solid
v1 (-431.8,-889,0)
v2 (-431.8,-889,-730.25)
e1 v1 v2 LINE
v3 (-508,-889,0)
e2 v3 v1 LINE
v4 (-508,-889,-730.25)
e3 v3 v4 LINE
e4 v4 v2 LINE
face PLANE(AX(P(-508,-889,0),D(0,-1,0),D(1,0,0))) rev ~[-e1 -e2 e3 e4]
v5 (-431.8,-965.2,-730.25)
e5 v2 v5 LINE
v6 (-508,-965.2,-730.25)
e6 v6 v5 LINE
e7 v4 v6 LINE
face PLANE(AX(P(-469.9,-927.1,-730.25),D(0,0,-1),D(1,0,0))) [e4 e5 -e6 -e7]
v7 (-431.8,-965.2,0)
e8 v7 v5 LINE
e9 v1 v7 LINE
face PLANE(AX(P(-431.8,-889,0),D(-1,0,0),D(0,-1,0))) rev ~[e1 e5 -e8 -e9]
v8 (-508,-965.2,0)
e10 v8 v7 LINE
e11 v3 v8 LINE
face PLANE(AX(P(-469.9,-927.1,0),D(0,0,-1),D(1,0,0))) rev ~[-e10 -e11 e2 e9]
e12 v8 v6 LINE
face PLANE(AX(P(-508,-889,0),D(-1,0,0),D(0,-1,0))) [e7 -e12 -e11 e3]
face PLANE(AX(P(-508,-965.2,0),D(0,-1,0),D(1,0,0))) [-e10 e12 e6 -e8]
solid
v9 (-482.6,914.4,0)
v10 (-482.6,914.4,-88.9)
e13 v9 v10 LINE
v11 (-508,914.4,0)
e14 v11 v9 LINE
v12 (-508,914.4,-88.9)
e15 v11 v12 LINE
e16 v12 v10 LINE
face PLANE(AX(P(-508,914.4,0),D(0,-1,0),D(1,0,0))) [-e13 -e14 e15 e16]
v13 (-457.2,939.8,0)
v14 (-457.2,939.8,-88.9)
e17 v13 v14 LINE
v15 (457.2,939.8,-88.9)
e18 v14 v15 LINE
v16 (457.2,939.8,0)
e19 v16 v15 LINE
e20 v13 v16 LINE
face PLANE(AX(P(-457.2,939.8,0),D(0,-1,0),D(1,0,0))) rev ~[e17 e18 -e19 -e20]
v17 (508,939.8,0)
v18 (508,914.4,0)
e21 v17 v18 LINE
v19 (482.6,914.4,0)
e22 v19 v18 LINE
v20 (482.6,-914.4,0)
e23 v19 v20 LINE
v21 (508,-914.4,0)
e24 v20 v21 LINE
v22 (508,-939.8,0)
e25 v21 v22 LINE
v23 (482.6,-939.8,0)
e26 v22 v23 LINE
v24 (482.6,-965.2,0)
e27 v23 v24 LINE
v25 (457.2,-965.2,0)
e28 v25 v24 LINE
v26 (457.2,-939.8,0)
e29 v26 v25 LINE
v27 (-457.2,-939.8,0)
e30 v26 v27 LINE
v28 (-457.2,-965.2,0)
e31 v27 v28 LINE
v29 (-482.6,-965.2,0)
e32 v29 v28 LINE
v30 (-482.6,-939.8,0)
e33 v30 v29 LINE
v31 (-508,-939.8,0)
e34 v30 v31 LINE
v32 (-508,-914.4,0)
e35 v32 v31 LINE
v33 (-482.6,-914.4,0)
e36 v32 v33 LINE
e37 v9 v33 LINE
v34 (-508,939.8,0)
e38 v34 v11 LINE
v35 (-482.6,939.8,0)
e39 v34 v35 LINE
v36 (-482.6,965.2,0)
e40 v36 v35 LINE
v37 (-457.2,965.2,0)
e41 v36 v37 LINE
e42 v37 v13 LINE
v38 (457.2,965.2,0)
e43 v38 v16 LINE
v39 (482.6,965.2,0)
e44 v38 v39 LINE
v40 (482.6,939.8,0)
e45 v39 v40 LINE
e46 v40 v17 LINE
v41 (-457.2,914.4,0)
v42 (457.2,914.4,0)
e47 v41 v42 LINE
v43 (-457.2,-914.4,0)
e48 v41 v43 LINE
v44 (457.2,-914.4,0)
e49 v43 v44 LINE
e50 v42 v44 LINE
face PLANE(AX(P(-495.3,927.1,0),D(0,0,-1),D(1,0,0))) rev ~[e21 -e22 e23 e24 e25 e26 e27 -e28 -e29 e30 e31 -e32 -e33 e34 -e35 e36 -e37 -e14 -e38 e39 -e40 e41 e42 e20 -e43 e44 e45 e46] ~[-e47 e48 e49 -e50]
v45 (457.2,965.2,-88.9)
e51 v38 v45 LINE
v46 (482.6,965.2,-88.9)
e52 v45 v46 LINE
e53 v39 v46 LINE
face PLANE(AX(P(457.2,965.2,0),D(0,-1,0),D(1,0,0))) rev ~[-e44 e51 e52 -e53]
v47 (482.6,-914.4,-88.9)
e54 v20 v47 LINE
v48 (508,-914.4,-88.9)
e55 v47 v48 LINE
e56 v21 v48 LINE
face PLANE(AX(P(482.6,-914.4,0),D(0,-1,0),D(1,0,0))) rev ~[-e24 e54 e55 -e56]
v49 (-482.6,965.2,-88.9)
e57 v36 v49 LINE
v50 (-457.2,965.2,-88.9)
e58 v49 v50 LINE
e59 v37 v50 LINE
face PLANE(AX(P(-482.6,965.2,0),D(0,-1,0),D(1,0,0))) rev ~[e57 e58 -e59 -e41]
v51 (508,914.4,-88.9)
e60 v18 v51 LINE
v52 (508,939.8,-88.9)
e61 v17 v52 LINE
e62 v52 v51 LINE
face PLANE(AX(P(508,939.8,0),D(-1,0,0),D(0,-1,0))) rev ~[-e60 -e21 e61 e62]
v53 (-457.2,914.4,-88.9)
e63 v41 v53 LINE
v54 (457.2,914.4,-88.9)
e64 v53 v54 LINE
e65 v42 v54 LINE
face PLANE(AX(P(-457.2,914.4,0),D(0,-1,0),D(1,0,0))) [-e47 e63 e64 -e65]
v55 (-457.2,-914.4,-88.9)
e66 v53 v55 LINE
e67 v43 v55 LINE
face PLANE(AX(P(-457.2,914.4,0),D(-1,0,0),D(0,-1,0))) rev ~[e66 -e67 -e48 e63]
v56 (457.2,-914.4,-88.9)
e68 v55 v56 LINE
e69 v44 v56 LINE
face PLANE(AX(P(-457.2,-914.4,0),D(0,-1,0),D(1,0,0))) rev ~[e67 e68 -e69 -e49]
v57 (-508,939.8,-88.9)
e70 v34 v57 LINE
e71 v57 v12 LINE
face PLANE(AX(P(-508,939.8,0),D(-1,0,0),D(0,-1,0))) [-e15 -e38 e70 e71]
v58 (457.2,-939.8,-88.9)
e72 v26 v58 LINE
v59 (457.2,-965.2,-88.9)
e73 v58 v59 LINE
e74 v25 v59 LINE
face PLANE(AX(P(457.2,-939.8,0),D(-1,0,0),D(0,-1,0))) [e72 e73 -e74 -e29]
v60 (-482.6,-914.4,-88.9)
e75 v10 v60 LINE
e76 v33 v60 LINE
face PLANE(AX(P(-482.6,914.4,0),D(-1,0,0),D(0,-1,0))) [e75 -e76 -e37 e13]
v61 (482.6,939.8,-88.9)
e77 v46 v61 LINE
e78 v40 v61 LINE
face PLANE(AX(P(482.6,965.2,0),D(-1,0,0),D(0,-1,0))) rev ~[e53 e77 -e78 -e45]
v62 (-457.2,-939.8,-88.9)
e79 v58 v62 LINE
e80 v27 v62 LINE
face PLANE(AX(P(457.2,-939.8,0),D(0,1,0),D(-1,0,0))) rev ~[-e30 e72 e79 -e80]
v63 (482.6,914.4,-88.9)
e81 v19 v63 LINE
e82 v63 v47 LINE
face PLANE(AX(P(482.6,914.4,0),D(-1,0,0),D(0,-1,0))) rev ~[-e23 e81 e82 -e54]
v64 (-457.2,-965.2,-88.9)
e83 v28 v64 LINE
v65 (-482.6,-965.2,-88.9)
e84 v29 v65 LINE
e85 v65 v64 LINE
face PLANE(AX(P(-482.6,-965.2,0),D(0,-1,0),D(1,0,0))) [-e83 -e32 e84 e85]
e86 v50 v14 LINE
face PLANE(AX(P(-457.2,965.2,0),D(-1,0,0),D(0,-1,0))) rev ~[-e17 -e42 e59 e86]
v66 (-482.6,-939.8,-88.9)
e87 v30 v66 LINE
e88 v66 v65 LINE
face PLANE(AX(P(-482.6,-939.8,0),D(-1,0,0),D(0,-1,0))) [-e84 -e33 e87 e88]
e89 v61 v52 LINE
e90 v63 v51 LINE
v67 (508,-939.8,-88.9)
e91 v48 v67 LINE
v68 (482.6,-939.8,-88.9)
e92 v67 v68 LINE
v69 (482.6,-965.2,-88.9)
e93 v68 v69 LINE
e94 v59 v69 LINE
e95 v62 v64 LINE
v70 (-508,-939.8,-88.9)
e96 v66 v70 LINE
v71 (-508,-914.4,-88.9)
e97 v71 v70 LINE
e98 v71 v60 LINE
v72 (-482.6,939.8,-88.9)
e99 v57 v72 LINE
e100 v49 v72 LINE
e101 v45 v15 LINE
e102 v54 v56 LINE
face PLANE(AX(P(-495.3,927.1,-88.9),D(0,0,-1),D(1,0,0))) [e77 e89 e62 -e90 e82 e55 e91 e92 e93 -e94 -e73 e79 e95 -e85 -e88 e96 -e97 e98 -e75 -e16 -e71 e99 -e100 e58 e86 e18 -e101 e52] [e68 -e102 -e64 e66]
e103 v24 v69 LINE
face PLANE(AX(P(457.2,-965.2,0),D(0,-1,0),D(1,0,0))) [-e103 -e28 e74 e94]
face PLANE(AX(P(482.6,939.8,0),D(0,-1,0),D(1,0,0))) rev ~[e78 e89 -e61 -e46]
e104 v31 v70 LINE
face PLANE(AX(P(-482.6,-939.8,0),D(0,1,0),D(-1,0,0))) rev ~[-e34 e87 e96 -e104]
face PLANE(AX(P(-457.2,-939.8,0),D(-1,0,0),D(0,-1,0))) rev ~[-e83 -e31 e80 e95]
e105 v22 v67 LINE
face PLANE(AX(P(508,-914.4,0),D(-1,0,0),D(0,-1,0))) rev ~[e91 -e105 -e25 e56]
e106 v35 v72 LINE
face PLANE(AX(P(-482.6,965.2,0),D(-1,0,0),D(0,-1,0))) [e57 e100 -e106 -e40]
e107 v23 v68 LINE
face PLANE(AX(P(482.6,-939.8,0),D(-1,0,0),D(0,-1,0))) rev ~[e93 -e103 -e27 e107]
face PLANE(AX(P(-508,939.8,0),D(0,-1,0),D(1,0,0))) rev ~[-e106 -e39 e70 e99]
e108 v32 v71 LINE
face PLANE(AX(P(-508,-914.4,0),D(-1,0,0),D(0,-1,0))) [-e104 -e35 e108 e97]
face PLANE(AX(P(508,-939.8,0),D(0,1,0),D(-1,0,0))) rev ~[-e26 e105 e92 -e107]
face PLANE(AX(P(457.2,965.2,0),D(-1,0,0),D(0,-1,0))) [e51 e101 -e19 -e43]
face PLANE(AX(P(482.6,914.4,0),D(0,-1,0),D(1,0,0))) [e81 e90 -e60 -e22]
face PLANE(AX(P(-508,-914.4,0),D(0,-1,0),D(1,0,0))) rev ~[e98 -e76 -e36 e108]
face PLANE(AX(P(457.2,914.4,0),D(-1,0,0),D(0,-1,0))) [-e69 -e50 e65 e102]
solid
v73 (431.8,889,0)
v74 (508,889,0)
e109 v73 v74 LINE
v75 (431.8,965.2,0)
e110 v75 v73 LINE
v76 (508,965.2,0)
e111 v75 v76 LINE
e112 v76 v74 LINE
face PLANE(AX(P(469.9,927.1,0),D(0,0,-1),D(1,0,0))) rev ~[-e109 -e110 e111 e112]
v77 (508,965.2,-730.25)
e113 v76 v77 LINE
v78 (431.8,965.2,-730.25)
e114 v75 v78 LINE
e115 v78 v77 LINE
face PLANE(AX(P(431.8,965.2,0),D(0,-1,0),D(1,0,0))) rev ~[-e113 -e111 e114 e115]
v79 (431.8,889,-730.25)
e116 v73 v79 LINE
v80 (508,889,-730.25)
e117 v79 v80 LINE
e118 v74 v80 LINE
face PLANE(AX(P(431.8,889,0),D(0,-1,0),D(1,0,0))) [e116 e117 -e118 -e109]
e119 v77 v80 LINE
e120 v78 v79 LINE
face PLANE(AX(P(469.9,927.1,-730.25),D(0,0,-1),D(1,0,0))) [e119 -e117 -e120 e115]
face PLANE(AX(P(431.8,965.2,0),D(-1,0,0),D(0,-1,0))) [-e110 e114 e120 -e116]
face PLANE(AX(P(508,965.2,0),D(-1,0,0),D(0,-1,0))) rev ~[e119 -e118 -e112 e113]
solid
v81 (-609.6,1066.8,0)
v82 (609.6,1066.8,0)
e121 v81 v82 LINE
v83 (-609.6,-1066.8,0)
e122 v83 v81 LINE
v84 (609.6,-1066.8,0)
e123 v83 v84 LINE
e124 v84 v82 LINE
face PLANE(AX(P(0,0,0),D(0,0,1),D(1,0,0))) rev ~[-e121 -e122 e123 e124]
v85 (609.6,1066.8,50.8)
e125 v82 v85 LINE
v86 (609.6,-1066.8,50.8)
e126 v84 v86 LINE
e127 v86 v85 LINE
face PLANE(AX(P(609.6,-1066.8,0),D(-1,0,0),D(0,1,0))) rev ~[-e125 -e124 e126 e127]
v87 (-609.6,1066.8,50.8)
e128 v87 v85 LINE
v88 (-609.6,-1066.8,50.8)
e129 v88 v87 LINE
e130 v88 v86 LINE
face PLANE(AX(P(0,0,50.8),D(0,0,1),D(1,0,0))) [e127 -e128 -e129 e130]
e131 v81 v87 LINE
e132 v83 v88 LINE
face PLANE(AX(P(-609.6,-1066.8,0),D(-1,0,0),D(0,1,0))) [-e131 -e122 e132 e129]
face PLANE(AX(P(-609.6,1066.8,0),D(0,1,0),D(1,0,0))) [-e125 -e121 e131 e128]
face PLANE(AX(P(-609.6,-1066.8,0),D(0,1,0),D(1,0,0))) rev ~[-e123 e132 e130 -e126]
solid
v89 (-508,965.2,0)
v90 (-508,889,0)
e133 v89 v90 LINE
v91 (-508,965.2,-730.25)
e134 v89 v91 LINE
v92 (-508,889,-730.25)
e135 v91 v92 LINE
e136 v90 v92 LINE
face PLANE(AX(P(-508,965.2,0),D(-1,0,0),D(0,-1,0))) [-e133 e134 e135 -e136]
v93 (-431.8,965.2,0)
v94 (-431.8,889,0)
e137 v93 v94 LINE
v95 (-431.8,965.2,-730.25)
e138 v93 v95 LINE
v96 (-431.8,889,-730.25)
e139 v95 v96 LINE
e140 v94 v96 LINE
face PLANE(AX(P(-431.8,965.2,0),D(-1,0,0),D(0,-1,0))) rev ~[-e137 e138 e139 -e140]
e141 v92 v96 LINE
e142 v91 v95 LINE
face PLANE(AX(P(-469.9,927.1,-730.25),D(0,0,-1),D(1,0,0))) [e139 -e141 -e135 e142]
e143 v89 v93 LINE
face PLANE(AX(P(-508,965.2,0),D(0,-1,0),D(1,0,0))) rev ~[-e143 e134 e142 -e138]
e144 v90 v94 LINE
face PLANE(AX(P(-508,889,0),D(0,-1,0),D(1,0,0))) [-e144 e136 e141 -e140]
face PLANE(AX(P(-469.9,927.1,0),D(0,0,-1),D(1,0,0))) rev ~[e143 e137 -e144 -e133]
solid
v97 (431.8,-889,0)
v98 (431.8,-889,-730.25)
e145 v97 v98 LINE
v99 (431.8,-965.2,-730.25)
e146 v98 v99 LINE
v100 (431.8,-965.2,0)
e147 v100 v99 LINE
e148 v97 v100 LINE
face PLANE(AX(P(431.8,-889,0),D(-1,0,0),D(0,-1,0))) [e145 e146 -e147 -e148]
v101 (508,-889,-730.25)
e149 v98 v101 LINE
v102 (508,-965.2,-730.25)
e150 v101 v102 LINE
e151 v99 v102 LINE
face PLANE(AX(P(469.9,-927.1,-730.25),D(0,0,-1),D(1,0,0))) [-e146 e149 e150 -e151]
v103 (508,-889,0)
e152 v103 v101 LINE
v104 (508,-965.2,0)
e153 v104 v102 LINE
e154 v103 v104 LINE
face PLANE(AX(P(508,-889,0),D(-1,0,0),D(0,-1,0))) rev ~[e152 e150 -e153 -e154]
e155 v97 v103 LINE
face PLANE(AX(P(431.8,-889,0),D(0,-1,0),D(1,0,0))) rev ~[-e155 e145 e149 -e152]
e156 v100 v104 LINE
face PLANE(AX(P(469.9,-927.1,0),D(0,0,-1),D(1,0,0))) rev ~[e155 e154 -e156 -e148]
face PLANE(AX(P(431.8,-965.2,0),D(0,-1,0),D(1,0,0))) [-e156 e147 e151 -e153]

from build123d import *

# Parameters (mm, degrees)
F0_W     = 1219.2
F0_H     = 2133.6
F1_DEPTH = 50.8
F2_W     = 76.2
F2_H     = 76.2
F3_DEPTH = 730.25
F4_W     = 25.4
F4_H     = 25.4
F4_H_2   = 1828.8
F4_W_2   = 914.4
F5_DEPTH = 88.9


with BuildPart() as f1:
    # F0 (on Top) → F1 (new body)
    with BuildSketch(Plane.XY):
        Rectangle(F0_W, F0_H)
    extrude(amount=F1_DEPTH)


with BuildPart() as f3:
    # F2 (on face) → F3 (new body)
    with BuildSketch(Plane(origin=(0, 0, 0), x_dir=(1, 0, 0), z_dir=(0, 0, -1))):
        with Locations((-469.9, -927.1)):
            Rectangle(F2_W, F2_H)
    extrude(amount=F3_DEPTH)


with BuildPart() as f3b:
    # F2 (on face) → F3, piece 2 (new body)
    with BuildSketch(Plane(origin=(0, 0, 0), x_dir=(1, 0, 0), z_dir=(0, 0, -1))):
        with Locations((469.9, -927.1)):
            Rectangle(F2_W, F2_H)
    extrude(amount=F3_DEPTH)


with BuildPart() as f3c:
    # F2 (on face) → F3, piece 3 (new body)
    with BuildSketch(Plane(origin=(0, 0, 0), x_dir=(1, 0, 0), z_dir=(0, 0, -1))):
        with Locations((-469.9, 927.1)):
            Rectangle(F2_W, F2_H)
    extrude(amount=F3_DEPTH)


with BuildPart() as f3d:
    # F2 (on face) → F3, piece 4 (new body)
    with BuildSketch(Plane(origin=(0, 0, 0), x_dir=(1, 0, 0), z_dir=(0, 0, -1))):
        with Locations((469.9, 927.1)):
            Rectangle(F2_W, F2_H)
    extrude(amount=F3_DEPTH)


with BuildPart() as f5:
    # F4 (on face) → F5 (new body)
    with BuildSketch(Plane(origin=(0, 0, 0), x_dir=(1, 0, 0), z_dir=(0, 0, -1))):
        with Locations((-495.3, -927.1)):
            Rectangle(F4_W, F4_H)
        with Locations((-469.9, 0)):
            Rectangle(F4_W, F4_H_2)
        with Locations((-469.9, -927.1)):
            Rectangle(F4_W, F4_H)
        with Locations((0, -927.1)):
            Rectangle(F4_W_2, F4_H)
        with Locations((-495.3, 927.1)):
            Rectangle(F4_W, F4_H)
        with Locations((-469.9, 927.1)):
            Rectangle(F4_W, F4_H)
        with Locations((-469.9, -952.5)):
            Rectangle(F4_W, F4_H)
        with Locations((469.9, 0)):
            Rectangle(F4_W, F4_H_2)
        with Locations((469.9, -927.1)):
            Rectangle(F4_W, F4_H)
        with Locations((0, 927.1)):
            Rectangle(F4_W_2, F4_H)
        with Locations((-469.9, 952.5)):
            Rectangle(F4_W, F4_H)
        with Locations((495.3, -927.1)):
            Rectangle(F4_W, F4_H)
        with Locations((469.9, 927.1)):
            Rectangle(F4_W, F4_H)
        with Locations((469.9, -952.5)):
            Rectangle(F4_W, F4_H)
        with Locations((495.3, 927.1)):
            Rectangle(F4_W, F4_H)
        with Locations((469.9, 952.5)):
            Rectangle(F4_W, F4_H)
    extrude(amount=F5_DEPTH)


solid = Compound([f1.part, f3.part, f3b.part, f3c.part, f3d.part, f5.part])
